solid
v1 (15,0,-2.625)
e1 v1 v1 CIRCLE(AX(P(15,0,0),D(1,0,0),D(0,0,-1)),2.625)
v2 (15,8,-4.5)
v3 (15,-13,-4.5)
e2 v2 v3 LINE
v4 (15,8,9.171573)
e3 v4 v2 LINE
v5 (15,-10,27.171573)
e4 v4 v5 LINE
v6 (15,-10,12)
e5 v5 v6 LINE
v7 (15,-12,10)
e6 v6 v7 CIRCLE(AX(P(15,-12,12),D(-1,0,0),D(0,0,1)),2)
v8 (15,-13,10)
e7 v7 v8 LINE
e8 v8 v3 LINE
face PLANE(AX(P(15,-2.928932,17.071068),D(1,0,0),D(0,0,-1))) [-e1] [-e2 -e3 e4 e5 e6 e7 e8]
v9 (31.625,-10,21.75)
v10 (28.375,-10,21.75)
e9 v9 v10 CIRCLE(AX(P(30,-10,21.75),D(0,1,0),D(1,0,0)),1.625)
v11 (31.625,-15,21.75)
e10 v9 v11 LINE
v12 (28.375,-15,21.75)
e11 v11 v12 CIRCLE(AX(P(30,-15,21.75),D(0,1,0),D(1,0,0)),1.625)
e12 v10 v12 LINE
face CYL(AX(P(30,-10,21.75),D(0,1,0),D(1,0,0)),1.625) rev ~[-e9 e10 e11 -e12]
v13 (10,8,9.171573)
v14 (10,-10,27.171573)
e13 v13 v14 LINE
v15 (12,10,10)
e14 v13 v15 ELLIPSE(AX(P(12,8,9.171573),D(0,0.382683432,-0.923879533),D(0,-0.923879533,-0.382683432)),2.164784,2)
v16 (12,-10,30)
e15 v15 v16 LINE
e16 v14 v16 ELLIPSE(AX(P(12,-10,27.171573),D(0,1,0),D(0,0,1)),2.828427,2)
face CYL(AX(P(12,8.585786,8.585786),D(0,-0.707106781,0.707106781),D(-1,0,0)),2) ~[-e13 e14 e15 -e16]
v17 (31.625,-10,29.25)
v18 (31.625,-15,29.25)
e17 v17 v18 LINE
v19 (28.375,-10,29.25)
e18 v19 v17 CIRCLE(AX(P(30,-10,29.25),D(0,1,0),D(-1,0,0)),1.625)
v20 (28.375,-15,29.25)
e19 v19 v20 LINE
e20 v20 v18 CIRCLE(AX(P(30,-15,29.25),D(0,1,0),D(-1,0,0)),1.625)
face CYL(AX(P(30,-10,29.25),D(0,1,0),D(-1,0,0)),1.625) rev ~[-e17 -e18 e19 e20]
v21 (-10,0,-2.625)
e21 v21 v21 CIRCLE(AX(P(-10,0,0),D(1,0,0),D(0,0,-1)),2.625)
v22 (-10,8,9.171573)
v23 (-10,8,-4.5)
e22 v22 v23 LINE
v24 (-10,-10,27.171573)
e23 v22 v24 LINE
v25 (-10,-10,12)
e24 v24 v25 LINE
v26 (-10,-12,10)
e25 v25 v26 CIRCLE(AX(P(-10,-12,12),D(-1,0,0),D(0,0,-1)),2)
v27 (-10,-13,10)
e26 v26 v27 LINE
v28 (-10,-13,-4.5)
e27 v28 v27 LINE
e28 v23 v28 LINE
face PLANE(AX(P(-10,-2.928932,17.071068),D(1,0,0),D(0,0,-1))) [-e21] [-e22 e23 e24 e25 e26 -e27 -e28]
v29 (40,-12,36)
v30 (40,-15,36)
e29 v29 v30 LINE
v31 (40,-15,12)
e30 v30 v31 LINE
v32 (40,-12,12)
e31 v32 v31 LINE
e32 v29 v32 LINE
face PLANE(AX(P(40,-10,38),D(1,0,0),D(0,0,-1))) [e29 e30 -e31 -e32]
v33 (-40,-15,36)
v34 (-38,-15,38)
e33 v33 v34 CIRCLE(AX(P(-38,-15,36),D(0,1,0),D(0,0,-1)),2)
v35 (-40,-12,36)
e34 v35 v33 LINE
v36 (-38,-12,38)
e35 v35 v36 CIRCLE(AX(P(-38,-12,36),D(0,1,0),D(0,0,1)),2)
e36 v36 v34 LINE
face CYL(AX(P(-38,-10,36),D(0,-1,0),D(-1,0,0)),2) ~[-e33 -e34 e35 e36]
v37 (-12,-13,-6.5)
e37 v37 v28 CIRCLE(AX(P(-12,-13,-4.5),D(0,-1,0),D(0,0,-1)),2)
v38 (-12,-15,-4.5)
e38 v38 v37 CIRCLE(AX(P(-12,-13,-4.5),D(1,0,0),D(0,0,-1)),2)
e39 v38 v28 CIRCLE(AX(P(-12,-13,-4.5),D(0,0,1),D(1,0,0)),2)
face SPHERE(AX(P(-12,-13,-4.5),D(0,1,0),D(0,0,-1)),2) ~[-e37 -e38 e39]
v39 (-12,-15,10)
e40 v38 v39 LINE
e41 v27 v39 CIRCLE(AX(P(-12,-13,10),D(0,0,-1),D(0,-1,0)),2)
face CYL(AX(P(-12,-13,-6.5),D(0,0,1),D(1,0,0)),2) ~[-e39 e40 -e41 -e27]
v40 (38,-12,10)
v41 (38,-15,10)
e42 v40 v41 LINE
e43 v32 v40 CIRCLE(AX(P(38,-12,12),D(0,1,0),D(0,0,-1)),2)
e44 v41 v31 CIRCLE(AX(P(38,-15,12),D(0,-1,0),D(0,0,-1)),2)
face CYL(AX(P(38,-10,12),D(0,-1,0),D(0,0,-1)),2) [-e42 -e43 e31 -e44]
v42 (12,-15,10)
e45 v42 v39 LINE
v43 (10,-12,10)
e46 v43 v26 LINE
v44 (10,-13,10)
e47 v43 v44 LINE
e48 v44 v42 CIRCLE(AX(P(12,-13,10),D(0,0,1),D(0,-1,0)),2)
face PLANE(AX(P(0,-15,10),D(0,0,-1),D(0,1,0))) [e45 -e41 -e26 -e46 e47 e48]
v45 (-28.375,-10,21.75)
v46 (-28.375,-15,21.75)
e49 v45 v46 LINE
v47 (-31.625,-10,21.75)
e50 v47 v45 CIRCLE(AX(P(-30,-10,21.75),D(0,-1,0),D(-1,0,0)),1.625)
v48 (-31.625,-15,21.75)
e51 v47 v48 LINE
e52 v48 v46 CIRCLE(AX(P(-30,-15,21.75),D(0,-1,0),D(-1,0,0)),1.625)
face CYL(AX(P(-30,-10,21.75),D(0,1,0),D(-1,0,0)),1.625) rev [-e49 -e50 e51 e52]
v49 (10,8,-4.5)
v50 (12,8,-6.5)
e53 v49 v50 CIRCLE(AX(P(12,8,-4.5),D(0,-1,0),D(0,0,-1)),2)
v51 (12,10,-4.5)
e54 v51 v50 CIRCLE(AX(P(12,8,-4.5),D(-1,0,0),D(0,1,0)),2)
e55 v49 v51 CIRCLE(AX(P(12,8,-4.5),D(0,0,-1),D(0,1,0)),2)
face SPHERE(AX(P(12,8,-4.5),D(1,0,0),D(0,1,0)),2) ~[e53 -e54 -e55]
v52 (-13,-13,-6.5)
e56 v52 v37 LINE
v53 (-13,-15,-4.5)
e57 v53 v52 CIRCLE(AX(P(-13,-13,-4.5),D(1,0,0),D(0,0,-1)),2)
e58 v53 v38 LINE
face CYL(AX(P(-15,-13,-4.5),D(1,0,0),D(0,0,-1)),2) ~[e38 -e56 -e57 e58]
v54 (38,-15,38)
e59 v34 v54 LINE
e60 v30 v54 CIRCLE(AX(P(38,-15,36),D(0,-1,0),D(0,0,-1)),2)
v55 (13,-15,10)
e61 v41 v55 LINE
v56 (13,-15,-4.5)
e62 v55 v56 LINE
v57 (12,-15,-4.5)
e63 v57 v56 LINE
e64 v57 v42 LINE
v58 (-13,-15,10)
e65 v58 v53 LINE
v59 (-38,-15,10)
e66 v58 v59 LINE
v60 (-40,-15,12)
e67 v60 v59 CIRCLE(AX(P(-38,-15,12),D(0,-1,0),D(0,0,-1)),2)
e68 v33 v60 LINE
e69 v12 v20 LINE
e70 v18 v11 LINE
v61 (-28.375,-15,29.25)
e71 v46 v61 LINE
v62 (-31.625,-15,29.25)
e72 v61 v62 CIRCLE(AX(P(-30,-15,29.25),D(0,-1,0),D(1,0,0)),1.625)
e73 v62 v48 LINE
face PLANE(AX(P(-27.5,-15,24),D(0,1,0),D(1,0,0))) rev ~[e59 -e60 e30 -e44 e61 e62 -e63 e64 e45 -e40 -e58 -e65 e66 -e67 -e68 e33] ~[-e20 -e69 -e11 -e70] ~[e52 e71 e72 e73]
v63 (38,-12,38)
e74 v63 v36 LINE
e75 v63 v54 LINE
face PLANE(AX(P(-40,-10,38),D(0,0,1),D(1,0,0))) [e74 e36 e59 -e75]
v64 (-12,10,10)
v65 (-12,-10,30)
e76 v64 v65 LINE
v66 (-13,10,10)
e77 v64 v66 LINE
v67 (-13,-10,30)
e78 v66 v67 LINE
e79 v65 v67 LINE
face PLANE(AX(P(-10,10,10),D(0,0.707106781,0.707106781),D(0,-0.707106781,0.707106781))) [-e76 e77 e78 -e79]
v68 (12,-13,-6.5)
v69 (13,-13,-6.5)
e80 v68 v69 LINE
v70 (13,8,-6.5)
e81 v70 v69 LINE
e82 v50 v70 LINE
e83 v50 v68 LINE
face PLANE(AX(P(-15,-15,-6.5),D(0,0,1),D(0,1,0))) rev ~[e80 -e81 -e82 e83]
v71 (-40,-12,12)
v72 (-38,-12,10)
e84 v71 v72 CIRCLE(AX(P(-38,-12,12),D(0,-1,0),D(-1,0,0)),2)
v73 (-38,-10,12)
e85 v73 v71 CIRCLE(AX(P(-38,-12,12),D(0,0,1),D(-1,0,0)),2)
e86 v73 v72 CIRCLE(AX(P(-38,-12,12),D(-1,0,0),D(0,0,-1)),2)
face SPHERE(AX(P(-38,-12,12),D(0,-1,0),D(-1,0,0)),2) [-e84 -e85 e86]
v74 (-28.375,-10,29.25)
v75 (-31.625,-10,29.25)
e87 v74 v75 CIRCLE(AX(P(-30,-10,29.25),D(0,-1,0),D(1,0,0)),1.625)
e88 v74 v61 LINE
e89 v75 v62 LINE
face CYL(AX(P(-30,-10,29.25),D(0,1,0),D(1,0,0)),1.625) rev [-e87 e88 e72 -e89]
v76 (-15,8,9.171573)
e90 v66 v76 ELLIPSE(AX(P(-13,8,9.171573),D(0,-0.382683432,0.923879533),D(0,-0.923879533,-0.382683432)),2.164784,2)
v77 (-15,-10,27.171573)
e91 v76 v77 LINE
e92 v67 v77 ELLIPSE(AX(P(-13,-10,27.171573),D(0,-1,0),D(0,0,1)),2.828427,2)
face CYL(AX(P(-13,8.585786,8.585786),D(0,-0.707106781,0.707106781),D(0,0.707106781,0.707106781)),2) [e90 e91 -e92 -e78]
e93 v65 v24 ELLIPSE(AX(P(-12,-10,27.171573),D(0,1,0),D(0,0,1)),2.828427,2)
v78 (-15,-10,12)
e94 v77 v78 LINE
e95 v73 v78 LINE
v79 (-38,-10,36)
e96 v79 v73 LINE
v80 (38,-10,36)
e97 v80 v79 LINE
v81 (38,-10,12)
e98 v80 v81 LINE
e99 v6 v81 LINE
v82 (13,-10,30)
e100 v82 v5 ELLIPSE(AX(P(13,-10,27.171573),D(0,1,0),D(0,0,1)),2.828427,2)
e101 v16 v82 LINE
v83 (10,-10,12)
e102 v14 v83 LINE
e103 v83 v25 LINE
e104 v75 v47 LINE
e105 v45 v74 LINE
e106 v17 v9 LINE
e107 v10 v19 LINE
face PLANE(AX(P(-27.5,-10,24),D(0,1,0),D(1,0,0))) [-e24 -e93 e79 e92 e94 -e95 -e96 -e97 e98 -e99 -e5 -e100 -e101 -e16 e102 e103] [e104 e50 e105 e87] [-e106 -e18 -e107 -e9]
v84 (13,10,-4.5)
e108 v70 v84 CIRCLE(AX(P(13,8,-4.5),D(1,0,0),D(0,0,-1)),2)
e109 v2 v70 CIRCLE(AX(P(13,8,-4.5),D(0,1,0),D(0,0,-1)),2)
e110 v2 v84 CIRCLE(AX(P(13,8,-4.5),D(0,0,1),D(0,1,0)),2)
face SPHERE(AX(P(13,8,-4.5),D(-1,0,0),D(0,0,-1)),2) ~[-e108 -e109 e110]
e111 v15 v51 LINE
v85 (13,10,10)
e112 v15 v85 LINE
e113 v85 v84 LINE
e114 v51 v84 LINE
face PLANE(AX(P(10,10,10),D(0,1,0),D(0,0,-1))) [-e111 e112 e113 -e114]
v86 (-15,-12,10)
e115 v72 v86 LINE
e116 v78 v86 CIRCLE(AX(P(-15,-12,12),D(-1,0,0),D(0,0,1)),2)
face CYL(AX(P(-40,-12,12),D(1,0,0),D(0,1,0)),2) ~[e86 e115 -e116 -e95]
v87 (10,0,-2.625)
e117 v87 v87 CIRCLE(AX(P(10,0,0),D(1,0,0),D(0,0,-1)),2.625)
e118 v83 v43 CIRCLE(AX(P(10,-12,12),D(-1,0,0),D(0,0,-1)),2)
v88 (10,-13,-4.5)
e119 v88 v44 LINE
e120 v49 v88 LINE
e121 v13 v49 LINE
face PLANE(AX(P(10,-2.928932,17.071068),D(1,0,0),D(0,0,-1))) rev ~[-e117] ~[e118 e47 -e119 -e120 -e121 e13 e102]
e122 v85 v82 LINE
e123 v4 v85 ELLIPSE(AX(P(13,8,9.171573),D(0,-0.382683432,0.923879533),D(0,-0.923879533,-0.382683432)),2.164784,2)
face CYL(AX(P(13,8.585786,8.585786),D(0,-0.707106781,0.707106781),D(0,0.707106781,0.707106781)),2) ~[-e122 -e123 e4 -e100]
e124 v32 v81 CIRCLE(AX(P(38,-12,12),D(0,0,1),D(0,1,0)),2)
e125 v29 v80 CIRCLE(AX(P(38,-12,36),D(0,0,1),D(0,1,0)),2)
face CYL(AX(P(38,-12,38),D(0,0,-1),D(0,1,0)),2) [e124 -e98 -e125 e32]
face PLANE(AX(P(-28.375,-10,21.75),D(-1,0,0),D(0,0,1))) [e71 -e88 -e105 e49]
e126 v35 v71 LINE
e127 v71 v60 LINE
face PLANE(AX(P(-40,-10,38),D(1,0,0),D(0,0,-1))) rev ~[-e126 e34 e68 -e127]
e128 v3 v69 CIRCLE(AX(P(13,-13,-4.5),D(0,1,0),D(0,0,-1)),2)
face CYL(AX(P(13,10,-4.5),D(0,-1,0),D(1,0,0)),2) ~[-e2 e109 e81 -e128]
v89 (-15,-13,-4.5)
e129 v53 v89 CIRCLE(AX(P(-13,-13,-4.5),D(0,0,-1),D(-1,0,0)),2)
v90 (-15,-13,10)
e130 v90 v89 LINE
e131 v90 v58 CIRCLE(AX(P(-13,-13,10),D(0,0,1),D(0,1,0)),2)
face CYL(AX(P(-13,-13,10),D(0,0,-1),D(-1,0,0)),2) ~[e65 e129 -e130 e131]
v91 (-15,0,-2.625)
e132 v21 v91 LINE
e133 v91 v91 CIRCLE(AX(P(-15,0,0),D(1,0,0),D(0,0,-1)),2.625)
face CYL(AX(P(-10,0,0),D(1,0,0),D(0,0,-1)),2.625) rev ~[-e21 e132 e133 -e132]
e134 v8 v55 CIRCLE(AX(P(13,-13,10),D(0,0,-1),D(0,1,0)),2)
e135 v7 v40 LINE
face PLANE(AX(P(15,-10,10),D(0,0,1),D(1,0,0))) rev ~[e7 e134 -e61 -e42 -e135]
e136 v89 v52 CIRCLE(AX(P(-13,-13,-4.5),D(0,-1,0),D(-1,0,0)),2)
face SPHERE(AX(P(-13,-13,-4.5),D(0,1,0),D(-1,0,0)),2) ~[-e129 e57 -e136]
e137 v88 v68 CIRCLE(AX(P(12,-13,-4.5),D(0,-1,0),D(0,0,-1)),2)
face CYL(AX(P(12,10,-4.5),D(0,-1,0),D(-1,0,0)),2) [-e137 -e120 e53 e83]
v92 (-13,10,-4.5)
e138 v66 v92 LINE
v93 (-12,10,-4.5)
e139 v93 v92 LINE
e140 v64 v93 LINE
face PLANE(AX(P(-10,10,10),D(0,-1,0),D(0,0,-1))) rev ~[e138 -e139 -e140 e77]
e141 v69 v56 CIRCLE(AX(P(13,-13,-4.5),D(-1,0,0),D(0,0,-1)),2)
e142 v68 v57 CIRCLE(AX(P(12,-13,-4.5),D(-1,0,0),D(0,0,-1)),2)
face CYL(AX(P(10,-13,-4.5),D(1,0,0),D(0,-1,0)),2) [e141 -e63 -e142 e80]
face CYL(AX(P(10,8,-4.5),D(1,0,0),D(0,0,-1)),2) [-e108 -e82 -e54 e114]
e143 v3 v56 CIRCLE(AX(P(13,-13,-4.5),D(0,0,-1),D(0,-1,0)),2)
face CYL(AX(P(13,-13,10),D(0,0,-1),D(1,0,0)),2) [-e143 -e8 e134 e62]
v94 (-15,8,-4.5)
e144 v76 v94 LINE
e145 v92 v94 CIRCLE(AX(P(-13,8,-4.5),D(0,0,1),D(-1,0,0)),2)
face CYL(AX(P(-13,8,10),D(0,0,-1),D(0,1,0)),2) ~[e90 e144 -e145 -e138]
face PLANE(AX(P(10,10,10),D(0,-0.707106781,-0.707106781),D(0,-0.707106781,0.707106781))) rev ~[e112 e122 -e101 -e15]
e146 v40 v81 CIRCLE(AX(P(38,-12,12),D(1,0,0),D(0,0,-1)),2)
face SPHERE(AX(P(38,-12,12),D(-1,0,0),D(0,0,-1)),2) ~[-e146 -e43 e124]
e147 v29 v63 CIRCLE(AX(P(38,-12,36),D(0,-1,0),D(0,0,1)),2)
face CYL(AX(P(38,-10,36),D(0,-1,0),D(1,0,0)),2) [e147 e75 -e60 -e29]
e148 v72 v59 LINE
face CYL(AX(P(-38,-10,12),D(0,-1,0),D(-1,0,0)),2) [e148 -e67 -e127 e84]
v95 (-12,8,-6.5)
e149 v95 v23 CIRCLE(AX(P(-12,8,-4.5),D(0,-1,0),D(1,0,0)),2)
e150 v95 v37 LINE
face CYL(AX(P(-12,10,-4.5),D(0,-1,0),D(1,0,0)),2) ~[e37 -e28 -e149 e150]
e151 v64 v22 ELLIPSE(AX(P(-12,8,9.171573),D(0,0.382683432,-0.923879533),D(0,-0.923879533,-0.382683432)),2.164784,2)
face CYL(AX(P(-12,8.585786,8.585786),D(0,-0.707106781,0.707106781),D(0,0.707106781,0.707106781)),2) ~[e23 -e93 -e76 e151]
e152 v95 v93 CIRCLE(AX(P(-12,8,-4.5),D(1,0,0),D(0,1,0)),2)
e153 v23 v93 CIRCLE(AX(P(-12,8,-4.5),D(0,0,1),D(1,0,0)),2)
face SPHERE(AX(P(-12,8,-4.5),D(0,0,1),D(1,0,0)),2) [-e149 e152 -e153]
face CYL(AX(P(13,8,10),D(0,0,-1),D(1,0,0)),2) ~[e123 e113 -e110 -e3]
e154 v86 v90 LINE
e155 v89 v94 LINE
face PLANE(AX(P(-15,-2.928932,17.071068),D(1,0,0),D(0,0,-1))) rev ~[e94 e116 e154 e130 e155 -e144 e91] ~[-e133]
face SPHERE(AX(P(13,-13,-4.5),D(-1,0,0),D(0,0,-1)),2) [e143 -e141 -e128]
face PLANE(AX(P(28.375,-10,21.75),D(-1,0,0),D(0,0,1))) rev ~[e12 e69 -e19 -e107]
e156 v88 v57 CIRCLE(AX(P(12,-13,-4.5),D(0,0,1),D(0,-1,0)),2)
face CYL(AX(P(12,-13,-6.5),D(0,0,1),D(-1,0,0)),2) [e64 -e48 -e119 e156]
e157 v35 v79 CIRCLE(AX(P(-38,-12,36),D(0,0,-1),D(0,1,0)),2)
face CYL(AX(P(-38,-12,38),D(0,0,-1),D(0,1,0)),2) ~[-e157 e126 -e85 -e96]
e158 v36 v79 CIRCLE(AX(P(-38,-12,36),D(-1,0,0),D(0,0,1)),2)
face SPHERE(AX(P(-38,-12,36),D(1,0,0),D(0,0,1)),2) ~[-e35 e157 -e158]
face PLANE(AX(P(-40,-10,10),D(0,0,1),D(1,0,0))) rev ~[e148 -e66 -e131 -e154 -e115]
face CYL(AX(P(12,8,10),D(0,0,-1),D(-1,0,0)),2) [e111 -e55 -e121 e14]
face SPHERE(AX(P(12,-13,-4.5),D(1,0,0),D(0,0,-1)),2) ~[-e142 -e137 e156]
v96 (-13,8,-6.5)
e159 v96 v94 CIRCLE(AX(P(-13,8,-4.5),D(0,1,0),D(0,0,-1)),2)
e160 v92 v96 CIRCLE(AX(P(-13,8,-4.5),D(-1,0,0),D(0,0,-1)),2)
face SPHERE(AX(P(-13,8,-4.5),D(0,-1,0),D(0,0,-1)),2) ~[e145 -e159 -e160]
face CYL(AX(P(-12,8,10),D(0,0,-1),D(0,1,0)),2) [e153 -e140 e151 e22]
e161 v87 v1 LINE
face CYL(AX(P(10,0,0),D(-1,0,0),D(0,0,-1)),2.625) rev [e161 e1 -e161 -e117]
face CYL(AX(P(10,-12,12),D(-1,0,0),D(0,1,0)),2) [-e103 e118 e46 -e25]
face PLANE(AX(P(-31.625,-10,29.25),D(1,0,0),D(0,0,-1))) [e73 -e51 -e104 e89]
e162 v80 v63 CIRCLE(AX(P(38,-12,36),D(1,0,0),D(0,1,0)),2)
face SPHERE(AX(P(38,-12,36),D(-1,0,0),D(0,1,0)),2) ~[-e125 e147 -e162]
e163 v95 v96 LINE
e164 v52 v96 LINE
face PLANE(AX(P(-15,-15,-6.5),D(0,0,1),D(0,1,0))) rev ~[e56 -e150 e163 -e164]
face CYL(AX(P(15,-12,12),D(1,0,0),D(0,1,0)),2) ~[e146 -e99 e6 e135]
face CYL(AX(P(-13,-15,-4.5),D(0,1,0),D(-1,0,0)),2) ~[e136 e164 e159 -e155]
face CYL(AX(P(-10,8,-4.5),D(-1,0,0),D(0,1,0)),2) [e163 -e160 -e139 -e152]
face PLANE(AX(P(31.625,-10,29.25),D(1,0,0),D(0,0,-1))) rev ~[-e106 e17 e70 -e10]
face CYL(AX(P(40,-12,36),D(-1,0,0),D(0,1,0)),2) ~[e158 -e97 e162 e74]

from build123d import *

# Parameters (mm, degrees)
BOSS_EXTRUDE1_START            = 10
SKETCH1_W                      = 16.5
SKETCH1_H                      = 20
SKETCH1_R                      = 2.625
BOSS_EXTRUDE1_DEPTH            = 5
BOSS_EXTRUDE2_START            = -10
SKETCH1_3_W                    = 16.5
SKETCH1_3_H                    = 20
SKETCH1_3_R                    = 2.625
BOSS_EXTRUDE2_DEPTH            = 5
BOSS_EXTRUDE3_START            = -15
SKETCH1_4_W                    = 16.5
SKETCH1_4_H                    = 5
SKETCH1_4_W_2                  = 28
BOSS_EXTRUDE3_DEPTH            = 30
SKETCH2_W                      = 25
SKETCH2_H                      = 28
BOSS_EXTRUDE4_DEPTH            = 5
CUT_EXTRUDE1_REACH             = 59.175
SKETCH1_6_W                    = 16.5
SKETCH1_6_H                    = 5
CUT_EXTRUDE1_DIRECTION_2_REACH = 59.175
BOSS_EXTRUDE5_START            = 10
BOSS_EXTRUDE5_DEPTH            = 5
BOSS_EXTRUDE6_START            = -10
BOSS_EXTRUDE6_DEPTH            = 5
FILLET1_R                      = 2


with BuildPart() as part:
    # Sketch1 → Boss-Extrude1 (new body)
    with BuildSketch(Plane(origin=(0, 0, 0), x_dir=(0, 0, -1), z_dir=(1, 0, 0)).offset(BOSS_EXTRUDE1_START)):
        with Locations((-1.75, 0)):
            Rectangle(SKETCH1_W, SKETCH1_H)
        Circle(SKETCH1_R, mode=Mode.SUBTRACT)
    extrude(amount=BOSS_EXTRUDE1_DEPTH)



with BuildPart() as body_2:
    # Sketch1<3> → Boss-Extrude2 (new body)
    with BuildSketch(Plane(origin=(0, 0, 0), x_dir=(0, 0, -1), z_dir=(1, 0, 0)).offset(BOSS_EXTRUDE2_START)):
        with Locations((-1.75, 0)):
            Rectangle(SKETCH1_3_W, SKETCH1_3_H)
        Circle(SKETCH1_3_R, mode=Mode.SUBTRACT)
    extrude(amount=-BOSS_EXTRUDE2_DEPTH)


with BuildPart() as part_1:
    add(part.part)

    add(body_2.part)  # Boss-Extrude3 merges body 2
    # Sketch1<4> → Boss-Extrude3 (add)
    with BuildSketch(Plane(origin=(0, 0, 0), x_dir=(0, 0, -1), z_dir=(1, 0, 0)).offset(BOSS_EXTRUDE3_START)):
        with Locations((-1.75, -12.5)):
            Rectangle(SKETCH1_4_W, SKETCH1_4_H)
        with Locations((-24, -12.5)):
            Rectangle(SKETCH1_4_W_2, SKETCH1_4_H)
    extrude(amount=BOSS_EXTRUDE3_DEPTH)

    # Sketch2 → Boss-Extrude4 (add)
    with BuildSketch(Plane(origin=(0, -10, 0), x_dir=(1, 0, 0), z_dir=(0, 1, 0))):
        with Locations((-27.5, -24)):
            Rectangle(SKETCH2_W, SKETCH2_H)
        with BuildLine():
            Line((-31.625, -29.25), (-31.625, -21.75))
            ThreePointArc((-31.625, -21.75), (-30, -20.125), (-28.375, -21.75))
            Line((-28.375, -21.75), (-28.375, -29.25))
            ThreePointArc((-28.375, -29.25), (-30, -30.875), (-31.625, -29.25))
        make_face(mode=Mode.SUBTRACT)
        with Locations((27.5, -24)):
            Rectangle(SKETCH2_W, SKETCH2_H)
        with BuildLine():
            Line((31.625, -29.25), (31.625, -21.75))
            ThreePointArc((31.625, -21.75), (30, -20.125), (28.375, -21.75))
            Line((28.375, -21.75), (28.375, -29.25))
            ThreePointArc((28.375, -29.25), (30, -30.875), (31.625, -29.25))
        make_face(mode=Mode.SUBTRACT)
    extrude(amount=-BOSS_EXTRUDE4_DEPTH)

    # Cut-Extrude1: up to this face of the body (flat: up to its plane)
    cut_extrude1_end = Plane(part_1.part.faces().sort_by_distance((10, 0, -6.240722157))[0])
    # Sketch1<6> → Cut-Extrude1 (cut, up to the picked face)
    with BuildSketch(Plane(origin=(0, 0, 0), x_dir=(0, 0, -1), z_dir=(1, 0, 0)), mode=Mode.PRIVATE) as cut_extrude1_sk1:
        with Locations((-1.75, -12.5)):
            Rectangle(SKETCH1_6_W, SKETCH1_6_H)
    cut_extrude1_tool1 = split(extrude(cut_extrude1_sk1.sketch, amount=CUT_EXTRUDE1_REACH, mode=Mode.PRIVATE), bisect_by=cut_extrude1_end, keep=Keep.BOTH, mode=Mode.PRIVATE)
    add(cut_extrude1_tool1.solids().sort_by(Axis((0, -12.5, 1.75), (1, 0, 0)))[0], mode=Mode.SUBTRACT)

    # Cut-Extrude1 direction 2: up to this face of the body (flat: up to its plane)
    cut_extrude1_direction_2_end = Plane(part_1.part.faces().sort_by_distance((-10, 0, -6.240722157))[0])
    # Sketch1<6> → Cut-Extrude1 direction 2 (cut, up to the picked face)
    with BuildSketch(Plane(origin=(0, 0, 0), x_dir=(0, 0, -1), z_dir=(1, 0, 0)), mode=Mode.PRIVATE) as cut_extrude1_direction_2_sk1:
        with Locations((-1.75, -12.5)):
            Rectangle(SKETCH1_6_W, SKETCH1_6_H)
    cut_extrude1_direction_2_tool1 = split(extrude(cut_extrude1_direction_2_sk1.sketch, amount=-CUT_EXTRUDE1_DIRECTION_2_REACH, mode=Mode.PRIVATE), bisect_by=cut_extrude1_direction_2_end, keep=Keep.BOTH, mode=Mode.PRIVATE)
    add(cut_extrude1_direction_2_tool1.solids().sort_by(Axis((0, -12.5, 1.75), (-1, 0, 0)))[0], mode=Mode.SUBTRACT)

    # Sketch1<7> → Boss-Extrude5 (add)
    with BuildSketch(Plane(origin=(0, 0, 0), x_dir=(0, 0, -1), z_dir=(1, 0, 0)).offset(BOSS_EXTRUDE5_START)):
        Polygon((-30, -10), (-10, -10), (-10, 10), align=None)
    extrude(amount=BOSS_EXTRUDE5_DEPTH)

    # Sketch1<8> → Boss-Extrude6 (add)
    with BuildSketch(Plane(origin=(0, 0, 0), x_dir=(0, 0, -1), z_dir=(1, 0, 0)).offset(BOSS_EXTRUDE6_START)):
        Polygon((-30, -10), (-10, -10), (-10, 10), align=None)
    extrude(amount=-BOSS_EXTRUDE6_DEPTH)

    # Fillet1
    fillet1_edges = [part_1.edges().sort_by_distance(p)[0] for p in [
        (12.5, 10, -6.5),
        (-10, 0, 20),
        (-15, 0, 20),
        (12.5, -15, -6.5),
        (-15, -2.5, -6.5),
        (0, -10, 38),
        (-15, -15, 1.75),
        (15, -2.5, -6.5),
        (15, 10, 1.75),
        (-10, 10, 1.75),
        (-10, -2.5, -6.5),
        (-12.5, 10, -6.5),
        (-15, 10, 1.75),
        (15, -15, 1.75),
        (-40, -12.5, 38),
        (-40, -12.5, 10),
        (-40, -10, 24),
        (-27.5, -10, 10),
        (27.5, -10, 10),
        (40, -12.5, 10),
        (40, -10, 24),
        (40, -12.5, 38),
        (10, 10, 1.75),
        (10, -2.5, -6.5),
        (-12.5, -15, -6.5),
        (10, -15, 1.75),
        (0, -10, 10),
        (-10, -15, 1.75),
        (10, 0, 20),
        (15, 0, 20),
    ]]
    fillet(fillet1_edges, radius=FILLET1_R)


solid = part_1.part
